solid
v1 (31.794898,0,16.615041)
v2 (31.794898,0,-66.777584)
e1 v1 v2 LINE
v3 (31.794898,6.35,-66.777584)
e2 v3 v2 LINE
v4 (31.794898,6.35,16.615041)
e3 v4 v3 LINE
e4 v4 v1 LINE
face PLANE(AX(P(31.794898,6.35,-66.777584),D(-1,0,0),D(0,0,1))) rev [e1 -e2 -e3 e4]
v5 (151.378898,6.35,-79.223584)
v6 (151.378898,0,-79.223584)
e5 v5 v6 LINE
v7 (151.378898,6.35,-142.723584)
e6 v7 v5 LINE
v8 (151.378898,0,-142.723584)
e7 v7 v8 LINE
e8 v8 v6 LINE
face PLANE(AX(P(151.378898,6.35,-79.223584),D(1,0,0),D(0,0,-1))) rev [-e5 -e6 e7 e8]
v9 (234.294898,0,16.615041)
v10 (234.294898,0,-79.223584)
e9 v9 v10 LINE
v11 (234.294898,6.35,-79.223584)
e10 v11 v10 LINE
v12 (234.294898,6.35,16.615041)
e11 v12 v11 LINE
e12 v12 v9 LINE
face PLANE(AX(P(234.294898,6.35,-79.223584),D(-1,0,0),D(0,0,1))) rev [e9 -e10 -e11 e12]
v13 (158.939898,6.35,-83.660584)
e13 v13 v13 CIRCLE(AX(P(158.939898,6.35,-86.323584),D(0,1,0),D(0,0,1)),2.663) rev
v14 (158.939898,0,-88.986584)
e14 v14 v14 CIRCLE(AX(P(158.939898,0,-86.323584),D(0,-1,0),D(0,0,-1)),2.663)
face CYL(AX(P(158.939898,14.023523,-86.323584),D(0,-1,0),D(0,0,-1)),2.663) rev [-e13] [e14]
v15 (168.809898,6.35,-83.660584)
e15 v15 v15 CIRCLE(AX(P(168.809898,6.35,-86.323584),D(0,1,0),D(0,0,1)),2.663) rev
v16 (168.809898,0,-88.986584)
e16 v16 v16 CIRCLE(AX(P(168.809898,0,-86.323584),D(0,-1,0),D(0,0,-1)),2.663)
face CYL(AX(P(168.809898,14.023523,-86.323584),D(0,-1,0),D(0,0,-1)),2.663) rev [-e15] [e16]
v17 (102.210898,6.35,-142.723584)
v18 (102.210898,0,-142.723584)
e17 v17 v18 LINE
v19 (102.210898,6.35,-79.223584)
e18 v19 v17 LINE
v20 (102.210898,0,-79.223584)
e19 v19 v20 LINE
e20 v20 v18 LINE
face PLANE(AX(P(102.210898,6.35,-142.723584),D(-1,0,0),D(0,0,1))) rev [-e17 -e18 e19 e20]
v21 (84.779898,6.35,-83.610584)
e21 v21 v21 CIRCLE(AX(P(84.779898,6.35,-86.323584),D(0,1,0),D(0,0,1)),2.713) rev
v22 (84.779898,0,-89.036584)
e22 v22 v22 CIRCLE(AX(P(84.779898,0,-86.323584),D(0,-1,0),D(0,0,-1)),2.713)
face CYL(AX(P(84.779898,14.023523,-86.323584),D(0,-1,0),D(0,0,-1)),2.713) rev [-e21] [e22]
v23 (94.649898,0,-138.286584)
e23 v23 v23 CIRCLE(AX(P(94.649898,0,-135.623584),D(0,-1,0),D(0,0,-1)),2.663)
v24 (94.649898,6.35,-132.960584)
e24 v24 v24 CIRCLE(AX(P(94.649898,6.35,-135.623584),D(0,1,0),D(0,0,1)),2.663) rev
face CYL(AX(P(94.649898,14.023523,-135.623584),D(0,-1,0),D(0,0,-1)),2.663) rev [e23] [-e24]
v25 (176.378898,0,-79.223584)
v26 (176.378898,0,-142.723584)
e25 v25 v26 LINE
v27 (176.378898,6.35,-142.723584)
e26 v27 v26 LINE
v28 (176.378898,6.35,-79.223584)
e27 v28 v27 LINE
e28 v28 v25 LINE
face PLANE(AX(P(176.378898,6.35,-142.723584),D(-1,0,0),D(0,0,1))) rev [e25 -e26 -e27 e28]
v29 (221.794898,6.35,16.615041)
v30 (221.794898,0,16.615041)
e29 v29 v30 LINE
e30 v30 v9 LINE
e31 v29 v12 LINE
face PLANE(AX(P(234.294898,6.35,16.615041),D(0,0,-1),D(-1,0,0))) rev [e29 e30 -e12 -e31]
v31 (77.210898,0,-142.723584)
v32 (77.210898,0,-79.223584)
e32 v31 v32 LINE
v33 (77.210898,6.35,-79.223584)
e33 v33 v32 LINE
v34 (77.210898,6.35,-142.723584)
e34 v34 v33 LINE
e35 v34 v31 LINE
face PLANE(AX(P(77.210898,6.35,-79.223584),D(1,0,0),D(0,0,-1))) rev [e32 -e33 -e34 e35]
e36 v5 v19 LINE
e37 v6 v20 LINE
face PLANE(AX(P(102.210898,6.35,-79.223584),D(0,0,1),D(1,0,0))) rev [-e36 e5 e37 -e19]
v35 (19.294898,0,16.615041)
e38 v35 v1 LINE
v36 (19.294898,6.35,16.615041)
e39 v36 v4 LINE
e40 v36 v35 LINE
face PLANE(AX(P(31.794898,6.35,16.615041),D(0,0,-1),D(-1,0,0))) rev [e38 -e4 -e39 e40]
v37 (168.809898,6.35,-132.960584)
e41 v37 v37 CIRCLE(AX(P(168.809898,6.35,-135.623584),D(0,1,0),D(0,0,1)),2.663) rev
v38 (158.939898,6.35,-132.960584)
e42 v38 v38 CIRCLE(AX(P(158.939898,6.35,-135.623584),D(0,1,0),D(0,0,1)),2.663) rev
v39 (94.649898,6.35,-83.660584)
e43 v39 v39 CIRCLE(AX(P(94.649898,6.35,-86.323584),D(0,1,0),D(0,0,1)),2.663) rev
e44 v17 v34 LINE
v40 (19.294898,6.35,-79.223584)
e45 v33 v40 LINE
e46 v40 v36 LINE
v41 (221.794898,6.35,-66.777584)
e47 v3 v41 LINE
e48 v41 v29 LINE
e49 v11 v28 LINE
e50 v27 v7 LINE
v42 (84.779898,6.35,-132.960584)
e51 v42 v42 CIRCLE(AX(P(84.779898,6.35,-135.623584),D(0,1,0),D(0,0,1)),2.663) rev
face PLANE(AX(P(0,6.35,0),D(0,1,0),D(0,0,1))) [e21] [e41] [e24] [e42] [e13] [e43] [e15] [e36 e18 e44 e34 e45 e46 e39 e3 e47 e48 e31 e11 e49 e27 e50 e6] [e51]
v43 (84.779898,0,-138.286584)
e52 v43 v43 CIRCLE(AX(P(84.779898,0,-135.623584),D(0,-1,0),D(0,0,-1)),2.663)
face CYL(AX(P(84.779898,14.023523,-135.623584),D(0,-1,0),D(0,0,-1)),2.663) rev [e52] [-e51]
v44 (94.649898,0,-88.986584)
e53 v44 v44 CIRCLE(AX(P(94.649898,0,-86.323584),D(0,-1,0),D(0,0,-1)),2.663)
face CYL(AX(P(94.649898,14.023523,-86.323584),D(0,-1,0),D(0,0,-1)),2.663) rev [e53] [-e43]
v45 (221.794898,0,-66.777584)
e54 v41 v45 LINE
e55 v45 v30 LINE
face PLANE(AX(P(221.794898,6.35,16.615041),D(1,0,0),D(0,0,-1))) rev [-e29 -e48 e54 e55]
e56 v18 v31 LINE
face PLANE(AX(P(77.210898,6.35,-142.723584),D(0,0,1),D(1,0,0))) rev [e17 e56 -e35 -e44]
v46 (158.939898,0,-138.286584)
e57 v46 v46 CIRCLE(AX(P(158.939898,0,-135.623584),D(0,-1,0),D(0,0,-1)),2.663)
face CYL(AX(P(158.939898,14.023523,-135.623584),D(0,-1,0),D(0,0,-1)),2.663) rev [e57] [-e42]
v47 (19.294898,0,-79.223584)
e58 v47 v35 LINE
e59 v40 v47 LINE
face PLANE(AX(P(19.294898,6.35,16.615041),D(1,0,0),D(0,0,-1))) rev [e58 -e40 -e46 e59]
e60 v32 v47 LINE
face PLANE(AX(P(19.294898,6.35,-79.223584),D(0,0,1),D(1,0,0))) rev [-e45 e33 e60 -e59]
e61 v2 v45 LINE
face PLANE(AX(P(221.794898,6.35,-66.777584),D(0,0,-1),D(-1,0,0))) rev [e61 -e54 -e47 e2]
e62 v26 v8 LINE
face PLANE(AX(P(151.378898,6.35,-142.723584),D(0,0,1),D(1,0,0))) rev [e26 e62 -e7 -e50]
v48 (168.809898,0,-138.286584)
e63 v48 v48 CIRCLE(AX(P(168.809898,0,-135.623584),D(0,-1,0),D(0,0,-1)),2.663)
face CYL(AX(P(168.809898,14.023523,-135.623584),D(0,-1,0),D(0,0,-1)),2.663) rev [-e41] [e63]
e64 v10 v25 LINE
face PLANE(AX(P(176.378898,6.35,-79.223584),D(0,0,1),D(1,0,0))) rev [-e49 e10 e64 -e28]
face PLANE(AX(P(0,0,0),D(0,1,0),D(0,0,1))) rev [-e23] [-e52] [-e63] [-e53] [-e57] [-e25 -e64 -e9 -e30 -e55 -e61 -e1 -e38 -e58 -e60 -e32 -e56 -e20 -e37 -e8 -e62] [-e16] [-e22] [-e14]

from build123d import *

# Parameters (mm, degrees)
BOSS_EXTRUDE1_DEPTH = 6.35
SKETCH3_R           = 2.713000027
SKETCH3_R_2         = 2.663
CUT_EXTRUDE1_DEPTH  = 6.35


with BuildPart() as part:
    # Sketch1 → Boss-Extrude1 (new body)
    with BuildSketch(Plane(origin=(0, 0, 0), x_dir=(1, 0, 0), z_dir=(0, 1, 0))):
        Polygon((19.294897536, -16.615040594), (19.294897536, 79.223583745), (77.210897536, 79.223583745), (77.210897536, 142.723583745), (102.210897536, 142.723583745), (102.210897536, 79.223583745), (151.378897536, 79.223583745), (151.378897536, 142.723583745), (176.378897536, 142.723583745), (176.378897536, 79.223583745), (234.294897536, 79.223583745), (234.294897536, -16.615040594), (221.794897536, -16.615040594), (221.794897536, 66.777583745), (31.794897536, 66.777583745), (31.794897536, -16.615040594), align=None)
    extrude(amount=BOSS_EXTRUDE1_DEPTH)

    # Sketch3 → Cut-Extrude1 (cut)
    with BuildSketch(Plane.XZ):
        with Locations((84.779897535, -86.323583745)):
            Circle(SKETCH3_R)
        with Locations((94.649897535, -86.323583745)):
            Circle(SKETCH3_R_2)
        with Locations((84.779897535, -135.623583745)):
            Circle(SKETCH3_R_2)
        with Locations((94.649897535, -135.623583745)):
            Circle(SKETCH3_R_2)
        with Locations((158.939897536, -86.323583745)):
            Circle(SKETCH3_R_2)
        with Locations((168.809897536, -86.323583745)):
            Circle(SKETCH3_R_2)
        with Locations((158.939897536, -135.623583745)):
            Circle(SKETCH3_R_2)
        with Locations((168.809897536, -135.623583745)):
            Circle(SKETCH3_R_2)
    extrude(amount=-CUT_EXTRUDE1_DEPTH, mode=Mode.SUBTRACT)


solid = part.part
